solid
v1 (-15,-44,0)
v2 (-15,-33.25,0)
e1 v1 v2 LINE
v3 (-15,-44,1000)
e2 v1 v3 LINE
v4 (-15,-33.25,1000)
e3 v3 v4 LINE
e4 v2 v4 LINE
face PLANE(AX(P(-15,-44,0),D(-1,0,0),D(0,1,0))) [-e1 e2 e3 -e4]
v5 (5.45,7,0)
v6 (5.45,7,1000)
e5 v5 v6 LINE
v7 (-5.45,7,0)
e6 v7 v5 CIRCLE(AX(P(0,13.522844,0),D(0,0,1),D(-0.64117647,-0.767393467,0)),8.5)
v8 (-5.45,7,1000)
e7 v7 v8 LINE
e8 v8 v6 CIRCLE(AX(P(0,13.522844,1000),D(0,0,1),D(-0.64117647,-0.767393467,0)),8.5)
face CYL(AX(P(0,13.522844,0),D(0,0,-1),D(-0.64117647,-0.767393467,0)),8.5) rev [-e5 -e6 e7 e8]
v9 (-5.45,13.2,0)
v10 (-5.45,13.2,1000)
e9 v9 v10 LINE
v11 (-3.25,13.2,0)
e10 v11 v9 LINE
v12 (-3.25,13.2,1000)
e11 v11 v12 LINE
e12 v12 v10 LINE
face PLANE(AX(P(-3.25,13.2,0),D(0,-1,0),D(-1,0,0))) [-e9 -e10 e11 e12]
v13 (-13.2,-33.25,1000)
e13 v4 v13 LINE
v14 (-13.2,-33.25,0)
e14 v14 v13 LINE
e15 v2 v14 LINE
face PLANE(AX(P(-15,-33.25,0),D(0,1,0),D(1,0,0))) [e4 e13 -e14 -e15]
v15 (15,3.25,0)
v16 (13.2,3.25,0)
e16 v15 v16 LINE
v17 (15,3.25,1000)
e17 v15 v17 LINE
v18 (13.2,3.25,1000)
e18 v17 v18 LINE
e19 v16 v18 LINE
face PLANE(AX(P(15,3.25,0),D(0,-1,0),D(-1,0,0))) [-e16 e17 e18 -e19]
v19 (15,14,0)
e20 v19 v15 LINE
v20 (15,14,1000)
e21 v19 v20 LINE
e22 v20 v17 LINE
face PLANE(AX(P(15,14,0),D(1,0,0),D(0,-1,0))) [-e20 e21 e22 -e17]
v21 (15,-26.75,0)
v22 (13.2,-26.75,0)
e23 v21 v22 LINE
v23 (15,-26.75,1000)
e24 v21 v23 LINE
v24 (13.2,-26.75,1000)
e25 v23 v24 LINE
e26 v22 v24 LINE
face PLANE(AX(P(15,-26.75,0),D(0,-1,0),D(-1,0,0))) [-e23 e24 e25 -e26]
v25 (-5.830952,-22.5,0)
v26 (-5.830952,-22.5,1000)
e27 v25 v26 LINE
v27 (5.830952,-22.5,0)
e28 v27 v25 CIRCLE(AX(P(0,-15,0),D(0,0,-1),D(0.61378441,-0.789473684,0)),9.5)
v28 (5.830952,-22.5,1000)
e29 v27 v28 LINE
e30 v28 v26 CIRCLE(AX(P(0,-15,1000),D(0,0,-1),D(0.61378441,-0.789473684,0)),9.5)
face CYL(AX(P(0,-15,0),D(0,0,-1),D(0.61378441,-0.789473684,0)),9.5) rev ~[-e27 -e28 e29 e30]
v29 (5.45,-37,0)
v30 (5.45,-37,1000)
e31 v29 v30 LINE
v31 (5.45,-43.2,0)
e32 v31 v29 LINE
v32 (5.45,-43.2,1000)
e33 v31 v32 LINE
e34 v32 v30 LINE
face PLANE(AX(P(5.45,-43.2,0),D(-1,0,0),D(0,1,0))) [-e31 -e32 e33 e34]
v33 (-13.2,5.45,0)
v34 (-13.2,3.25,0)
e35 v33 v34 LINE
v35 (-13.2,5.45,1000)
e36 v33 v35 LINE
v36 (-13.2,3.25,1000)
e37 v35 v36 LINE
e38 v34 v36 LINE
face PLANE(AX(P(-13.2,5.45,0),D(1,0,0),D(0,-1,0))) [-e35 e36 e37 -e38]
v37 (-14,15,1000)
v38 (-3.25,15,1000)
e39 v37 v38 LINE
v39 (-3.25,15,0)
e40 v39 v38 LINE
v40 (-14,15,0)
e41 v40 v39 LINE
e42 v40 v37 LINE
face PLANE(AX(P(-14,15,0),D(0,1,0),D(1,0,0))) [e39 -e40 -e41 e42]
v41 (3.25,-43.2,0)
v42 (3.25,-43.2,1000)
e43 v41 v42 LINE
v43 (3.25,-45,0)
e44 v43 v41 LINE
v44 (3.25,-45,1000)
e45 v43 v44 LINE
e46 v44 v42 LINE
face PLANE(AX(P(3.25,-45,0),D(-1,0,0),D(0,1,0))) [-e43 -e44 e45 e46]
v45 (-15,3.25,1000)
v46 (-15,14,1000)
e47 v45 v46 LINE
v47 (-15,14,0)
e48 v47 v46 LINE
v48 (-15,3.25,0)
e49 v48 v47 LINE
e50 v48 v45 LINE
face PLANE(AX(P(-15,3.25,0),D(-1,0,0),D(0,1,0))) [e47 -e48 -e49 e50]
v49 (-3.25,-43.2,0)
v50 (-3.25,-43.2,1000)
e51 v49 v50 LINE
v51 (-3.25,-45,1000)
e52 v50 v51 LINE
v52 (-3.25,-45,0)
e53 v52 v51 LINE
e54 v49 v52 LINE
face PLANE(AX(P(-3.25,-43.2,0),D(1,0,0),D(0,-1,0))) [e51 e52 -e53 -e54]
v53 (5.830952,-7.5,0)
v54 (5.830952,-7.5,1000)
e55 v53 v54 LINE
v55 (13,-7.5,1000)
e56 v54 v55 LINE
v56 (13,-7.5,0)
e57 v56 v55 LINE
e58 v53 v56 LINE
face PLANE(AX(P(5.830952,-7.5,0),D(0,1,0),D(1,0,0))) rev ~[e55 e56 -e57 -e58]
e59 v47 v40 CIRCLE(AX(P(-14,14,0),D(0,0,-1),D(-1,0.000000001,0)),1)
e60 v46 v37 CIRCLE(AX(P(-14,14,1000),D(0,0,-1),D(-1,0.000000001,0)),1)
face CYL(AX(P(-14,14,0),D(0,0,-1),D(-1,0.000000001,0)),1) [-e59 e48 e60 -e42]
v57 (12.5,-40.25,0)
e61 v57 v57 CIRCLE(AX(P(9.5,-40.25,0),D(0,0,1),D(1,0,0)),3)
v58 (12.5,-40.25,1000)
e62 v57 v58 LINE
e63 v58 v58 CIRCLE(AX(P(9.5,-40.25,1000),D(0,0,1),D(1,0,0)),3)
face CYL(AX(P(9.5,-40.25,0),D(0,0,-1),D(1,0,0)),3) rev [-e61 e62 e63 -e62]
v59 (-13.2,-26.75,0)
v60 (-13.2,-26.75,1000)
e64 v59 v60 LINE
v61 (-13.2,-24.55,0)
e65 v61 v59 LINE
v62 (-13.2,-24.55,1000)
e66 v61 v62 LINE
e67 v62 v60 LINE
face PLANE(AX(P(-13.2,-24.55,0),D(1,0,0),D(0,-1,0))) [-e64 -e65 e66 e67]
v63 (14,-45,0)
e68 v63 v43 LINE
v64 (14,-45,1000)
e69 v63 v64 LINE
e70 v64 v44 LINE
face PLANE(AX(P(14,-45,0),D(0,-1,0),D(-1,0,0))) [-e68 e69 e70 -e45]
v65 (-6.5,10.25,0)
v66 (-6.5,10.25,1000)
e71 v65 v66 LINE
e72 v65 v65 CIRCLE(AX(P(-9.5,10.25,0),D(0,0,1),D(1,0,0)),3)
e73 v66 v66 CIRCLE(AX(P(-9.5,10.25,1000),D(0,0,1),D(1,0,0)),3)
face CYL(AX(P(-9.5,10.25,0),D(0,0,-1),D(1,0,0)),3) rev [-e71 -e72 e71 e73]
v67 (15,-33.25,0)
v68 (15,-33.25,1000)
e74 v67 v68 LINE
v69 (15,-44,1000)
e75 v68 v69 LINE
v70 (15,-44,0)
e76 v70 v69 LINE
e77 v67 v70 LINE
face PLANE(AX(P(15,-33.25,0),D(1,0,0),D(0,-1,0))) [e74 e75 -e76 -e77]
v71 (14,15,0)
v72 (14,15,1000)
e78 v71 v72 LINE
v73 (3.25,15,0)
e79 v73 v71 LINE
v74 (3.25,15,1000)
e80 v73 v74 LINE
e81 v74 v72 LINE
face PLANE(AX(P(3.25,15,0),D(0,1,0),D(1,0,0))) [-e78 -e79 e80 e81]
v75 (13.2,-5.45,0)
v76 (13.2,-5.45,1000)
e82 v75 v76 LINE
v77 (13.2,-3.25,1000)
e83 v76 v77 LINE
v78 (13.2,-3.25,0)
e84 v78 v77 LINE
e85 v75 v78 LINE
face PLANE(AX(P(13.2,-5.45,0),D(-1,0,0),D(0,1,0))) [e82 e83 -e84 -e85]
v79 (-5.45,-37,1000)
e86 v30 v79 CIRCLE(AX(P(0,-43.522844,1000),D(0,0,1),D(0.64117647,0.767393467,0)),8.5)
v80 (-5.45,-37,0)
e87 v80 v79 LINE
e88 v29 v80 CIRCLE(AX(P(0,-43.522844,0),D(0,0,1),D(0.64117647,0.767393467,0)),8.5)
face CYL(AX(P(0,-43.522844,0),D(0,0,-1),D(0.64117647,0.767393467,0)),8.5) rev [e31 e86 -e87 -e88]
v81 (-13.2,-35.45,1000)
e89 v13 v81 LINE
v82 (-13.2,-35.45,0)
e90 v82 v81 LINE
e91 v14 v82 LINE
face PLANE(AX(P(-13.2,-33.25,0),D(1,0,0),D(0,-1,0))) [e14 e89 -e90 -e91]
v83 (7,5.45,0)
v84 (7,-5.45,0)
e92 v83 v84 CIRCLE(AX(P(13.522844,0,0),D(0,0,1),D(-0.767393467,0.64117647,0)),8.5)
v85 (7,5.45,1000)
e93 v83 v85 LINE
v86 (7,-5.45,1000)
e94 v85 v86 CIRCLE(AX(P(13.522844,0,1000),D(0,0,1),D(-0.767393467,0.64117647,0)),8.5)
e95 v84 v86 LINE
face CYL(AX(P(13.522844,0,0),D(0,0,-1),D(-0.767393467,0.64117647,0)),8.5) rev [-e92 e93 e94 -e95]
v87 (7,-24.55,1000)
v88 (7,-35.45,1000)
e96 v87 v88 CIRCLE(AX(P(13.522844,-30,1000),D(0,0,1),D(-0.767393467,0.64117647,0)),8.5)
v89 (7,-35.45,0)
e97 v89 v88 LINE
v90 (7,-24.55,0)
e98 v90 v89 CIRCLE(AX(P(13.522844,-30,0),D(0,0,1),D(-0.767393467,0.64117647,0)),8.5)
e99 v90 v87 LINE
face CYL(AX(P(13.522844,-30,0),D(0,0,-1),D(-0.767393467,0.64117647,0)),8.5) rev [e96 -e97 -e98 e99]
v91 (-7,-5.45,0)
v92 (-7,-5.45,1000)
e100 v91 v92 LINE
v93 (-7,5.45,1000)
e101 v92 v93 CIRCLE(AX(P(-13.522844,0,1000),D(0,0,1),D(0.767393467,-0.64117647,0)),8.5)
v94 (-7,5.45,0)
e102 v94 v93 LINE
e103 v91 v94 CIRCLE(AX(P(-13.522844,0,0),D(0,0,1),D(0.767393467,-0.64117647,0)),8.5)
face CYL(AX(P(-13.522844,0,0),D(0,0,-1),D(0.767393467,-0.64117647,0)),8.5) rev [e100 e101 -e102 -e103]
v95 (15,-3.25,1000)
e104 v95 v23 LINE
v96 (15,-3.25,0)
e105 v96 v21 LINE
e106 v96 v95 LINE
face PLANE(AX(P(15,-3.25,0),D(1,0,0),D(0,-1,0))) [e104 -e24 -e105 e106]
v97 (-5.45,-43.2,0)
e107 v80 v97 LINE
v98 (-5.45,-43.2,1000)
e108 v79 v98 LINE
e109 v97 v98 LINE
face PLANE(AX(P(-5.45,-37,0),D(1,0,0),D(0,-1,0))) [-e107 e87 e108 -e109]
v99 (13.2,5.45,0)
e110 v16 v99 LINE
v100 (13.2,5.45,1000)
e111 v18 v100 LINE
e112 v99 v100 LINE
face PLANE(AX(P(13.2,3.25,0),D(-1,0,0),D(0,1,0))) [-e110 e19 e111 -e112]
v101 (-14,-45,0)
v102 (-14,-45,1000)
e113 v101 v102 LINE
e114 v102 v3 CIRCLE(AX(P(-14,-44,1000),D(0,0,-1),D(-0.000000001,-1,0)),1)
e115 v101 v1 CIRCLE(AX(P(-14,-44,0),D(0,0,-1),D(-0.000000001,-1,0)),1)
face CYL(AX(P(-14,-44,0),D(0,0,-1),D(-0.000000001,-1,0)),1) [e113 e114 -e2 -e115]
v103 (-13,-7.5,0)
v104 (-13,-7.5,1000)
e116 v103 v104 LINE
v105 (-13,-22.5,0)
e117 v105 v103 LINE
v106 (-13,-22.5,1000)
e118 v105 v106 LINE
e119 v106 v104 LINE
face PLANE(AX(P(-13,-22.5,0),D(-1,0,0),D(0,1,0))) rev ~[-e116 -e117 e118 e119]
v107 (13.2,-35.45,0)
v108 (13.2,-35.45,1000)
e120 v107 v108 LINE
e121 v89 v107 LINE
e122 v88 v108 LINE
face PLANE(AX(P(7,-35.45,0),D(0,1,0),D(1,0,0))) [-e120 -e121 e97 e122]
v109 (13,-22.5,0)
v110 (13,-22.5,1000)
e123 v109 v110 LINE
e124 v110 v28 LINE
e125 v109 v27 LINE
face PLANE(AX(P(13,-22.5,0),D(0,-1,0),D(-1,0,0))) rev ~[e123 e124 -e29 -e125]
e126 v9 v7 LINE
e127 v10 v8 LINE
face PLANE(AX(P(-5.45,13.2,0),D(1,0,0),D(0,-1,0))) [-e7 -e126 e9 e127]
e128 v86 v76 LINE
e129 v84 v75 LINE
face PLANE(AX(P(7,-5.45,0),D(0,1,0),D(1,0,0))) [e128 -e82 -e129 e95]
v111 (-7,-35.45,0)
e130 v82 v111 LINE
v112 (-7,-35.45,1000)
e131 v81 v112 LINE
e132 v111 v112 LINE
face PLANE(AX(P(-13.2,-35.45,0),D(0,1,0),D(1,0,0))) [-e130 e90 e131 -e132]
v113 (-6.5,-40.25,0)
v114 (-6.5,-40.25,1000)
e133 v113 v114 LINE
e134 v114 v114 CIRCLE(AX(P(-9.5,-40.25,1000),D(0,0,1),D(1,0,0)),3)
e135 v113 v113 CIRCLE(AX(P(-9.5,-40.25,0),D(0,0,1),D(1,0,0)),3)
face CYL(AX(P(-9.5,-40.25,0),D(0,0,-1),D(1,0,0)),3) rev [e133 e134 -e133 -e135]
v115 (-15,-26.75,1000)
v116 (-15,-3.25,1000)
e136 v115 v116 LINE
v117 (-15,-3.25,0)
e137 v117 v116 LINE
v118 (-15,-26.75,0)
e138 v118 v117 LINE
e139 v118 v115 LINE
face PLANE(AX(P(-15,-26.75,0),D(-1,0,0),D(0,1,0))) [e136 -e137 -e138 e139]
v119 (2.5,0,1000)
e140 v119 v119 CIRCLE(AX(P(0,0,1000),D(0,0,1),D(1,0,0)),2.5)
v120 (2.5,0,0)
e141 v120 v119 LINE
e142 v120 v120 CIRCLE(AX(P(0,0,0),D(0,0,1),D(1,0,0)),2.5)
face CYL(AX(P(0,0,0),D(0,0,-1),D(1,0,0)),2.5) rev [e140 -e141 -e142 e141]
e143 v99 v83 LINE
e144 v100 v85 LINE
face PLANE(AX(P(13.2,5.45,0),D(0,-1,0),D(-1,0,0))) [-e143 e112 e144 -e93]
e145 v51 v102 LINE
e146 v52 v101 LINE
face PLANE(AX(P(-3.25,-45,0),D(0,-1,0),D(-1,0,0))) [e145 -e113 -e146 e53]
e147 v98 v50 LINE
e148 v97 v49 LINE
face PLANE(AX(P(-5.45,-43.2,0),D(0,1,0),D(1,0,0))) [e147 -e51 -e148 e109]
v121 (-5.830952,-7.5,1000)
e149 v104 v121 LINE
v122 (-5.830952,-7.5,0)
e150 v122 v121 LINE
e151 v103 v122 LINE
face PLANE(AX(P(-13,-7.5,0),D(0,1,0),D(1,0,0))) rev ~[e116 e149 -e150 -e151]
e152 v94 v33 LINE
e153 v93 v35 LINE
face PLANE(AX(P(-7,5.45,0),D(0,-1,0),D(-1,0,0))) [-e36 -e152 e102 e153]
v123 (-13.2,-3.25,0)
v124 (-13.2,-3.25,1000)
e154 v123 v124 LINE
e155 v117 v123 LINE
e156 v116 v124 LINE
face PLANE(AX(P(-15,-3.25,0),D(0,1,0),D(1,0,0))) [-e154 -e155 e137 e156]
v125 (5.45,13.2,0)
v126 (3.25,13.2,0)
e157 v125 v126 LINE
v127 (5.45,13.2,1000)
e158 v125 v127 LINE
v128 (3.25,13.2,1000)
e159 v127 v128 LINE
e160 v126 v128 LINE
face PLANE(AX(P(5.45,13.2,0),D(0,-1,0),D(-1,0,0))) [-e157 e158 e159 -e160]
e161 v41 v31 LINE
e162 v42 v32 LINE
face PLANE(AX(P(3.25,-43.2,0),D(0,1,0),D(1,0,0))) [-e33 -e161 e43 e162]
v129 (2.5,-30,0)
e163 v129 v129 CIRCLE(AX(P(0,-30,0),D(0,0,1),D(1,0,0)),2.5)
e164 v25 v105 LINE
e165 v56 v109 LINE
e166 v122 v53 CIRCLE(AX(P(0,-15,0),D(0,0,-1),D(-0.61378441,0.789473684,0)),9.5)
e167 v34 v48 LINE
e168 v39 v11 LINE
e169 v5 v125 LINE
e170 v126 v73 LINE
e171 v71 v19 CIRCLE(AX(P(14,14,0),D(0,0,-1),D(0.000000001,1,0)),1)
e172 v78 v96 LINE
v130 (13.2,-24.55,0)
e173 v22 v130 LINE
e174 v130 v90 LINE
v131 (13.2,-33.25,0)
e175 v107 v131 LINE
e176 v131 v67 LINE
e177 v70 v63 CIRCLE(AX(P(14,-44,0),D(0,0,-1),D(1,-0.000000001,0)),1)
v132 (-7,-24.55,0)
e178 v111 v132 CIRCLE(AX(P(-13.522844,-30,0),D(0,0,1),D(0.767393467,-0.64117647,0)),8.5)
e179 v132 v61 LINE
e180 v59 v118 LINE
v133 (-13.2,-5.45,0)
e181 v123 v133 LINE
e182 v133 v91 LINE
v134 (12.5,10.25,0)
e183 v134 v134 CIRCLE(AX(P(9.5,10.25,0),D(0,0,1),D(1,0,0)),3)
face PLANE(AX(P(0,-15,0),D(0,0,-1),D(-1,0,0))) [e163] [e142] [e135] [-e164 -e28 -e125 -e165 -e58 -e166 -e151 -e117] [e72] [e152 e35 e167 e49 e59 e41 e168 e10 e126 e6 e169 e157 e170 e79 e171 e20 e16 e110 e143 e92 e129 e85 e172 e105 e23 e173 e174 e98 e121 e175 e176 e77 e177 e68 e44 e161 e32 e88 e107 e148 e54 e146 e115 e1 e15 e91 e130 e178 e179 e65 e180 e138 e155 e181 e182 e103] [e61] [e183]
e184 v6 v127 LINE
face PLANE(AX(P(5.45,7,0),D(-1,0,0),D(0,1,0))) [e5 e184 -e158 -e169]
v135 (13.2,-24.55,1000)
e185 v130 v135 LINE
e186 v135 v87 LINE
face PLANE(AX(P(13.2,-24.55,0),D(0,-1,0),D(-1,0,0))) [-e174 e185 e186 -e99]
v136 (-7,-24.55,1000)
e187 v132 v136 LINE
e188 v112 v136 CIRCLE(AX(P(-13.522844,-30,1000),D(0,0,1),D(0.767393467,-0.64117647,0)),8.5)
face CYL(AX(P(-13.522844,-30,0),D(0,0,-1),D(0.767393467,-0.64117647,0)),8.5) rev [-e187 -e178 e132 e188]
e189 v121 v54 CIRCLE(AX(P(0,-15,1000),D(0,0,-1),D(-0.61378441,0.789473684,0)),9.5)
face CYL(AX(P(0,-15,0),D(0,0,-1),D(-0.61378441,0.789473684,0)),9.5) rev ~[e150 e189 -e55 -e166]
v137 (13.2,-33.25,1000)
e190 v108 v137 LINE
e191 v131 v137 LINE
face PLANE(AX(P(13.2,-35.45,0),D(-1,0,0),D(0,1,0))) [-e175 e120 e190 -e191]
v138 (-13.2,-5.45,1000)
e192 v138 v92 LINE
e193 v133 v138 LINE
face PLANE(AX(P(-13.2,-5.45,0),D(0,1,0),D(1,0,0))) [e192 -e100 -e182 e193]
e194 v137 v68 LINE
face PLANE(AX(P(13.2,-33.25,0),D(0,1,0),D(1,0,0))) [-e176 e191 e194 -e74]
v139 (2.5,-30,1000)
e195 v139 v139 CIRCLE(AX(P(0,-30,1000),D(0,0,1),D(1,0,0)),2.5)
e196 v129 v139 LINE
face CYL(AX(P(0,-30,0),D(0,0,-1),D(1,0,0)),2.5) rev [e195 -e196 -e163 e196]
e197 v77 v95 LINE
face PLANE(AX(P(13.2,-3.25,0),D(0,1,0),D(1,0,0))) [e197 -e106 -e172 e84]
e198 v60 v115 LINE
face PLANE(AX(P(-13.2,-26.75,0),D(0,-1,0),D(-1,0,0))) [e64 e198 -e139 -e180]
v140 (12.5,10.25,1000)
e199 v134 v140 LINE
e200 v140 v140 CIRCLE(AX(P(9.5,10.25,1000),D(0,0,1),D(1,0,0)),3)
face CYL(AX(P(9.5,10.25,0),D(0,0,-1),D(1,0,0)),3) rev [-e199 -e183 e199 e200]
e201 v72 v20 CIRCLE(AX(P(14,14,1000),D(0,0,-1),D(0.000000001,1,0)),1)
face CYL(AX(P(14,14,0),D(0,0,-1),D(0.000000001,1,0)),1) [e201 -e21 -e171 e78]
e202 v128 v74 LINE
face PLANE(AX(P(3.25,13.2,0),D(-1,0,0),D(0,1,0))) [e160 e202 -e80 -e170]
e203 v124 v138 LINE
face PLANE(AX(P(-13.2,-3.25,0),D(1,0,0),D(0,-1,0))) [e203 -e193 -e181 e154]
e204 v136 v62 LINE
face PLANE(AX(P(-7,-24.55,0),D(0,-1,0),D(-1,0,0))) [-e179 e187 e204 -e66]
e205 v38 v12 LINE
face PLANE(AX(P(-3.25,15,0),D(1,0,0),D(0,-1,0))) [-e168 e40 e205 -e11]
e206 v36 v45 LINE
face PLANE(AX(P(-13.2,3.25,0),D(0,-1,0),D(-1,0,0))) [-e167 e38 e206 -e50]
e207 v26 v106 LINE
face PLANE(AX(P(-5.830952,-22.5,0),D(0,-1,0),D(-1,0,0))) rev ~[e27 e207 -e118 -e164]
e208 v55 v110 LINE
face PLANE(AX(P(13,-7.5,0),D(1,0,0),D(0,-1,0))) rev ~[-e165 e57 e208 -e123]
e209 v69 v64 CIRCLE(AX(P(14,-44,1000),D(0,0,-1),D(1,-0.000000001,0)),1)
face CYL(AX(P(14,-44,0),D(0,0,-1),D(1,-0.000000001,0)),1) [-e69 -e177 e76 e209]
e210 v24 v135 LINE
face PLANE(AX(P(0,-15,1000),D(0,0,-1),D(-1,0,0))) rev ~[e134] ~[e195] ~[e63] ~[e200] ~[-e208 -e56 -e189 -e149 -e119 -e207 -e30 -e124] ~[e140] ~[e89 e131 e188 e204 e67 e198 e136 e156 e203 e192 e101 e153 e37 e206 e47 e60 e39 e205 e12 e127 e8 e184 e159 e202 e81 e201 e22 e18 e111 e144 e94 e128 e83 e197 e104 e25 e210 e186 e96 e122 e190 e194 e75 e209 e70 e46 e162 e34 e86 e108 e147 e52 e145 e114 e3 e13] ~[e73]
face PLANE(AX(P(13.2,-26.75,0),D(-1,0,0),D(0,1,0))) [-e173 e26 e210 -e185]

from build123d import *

# Parameters (mm, degrees)
SKETCH_1_R      = 2.5
SKETCH_1_R_2    = 3
EXTRUDE_1_DEPTH = 1000


with BuildPart() as part:
    # Эскиз1 → Бобышка-Вытянуть1 (new body)
    with BuildSketch(Plane.XY):
        with BuildLine():
            Line((-15, 5.45), (-15, 14))
            ThreePointArc((-15, 14), (-14.707106781, 14.707106781), (-14, 15))
            Line((-14, 15), (-5.45, 15))
            Line((-5.45, 15), (-3.25, 15))
            Line((-3.25, 15), (-3.25, 13.2))
            Line((-3.25, 13.2), (-5.45, 13.2))
            Line((-5.45, 13.2), (-5.45, 7))
            ThreePointArc((-5.45, 7), (0, 5.022844472), (5.45, 7))
            Line((5.45, 7), (5.45, 13.2))
            Line((5.45, 13.2), (3.25, 13.2))
            Line((3.25, 13.2), (3.25, 15))
            Line((3.25, 15), (5.45, 15))
            Line((5.45, 15), (14, 15))
            ThreePointArc((14, 15), (14.707106781, 14.707106781), (15, 14))
            Line((15, 14), (15, 5.45))
            Line((15, 5.45), (15, 3.25))
            Line((15, 3.25), (13.2, 3.25))
            Line((13.2, 3.25), (13.2, 5.45))
            Line((13.2, 5.45), (7, 5.45))
            ThreePointArc((7, 5.45), (5.022844472, 0), (7, -5.45))
            Line((7, -5.45), (13.2, -5.45))
            Line((13.2, -5.45), (13.2, -3.25))
            Line((13.2, -3.25), (15, -3.25))
            Line((15, -3.25), (15, -5.45))
            Line((15, -5.45), (15, -24.55))
            Line((15, -24.55), (15, -26.75))
            Line((15, -26.75), (13.2, -26.75))
            Line((13.2, -26.75), (13.2, -24.55))
            Line((13.2, -24.55), (7, -24.55))
            ThreePointArc((7, -24.55), (5.022844472, -30), (7, -35.45))
            Line((7, -35.45), (13.2, -35.45))
            Line((13.2, -35.45), (13.2, -33.25))
            Line((13.2, -33.25), (15, -33.25))
            Line((15, -33.25), (15, -35.45))
            Line((15, -35.45), (15, -44))
            ThreePointArc((15, -44), (14.707106781, -44.707106781), (14, -45))
            Line((14, -45), (5.45, -45))
            Line((5.45, -45), (3.25, -45))
            Line((3.25, -45), (3.25, -43.2))
            Line((3.25, -43.2), (5.45, -43.2))
            Line((5.45, -43.2), (5.45, -37))
            ThreePointArc((5.45, -37), (0, -35.022844472), (-5.45, -37))
            Line((-5.45, -37), (-5.45, -43.2))
            Line((-5.45, -43.2), (-3.25, -43.2))
            Line((-3.25, -43.2), (-3.25, -45))
            Line((-3.25, -45), (-5.45, -45))
            Line((-5.45, -45), (-14, -45))
            ThreePointArc((-14, -45), (-14.707106781, -44.707106781), (-15, -44))
            Line((-15, -44), (-15, -35.45))
            Line((-15, -35.45), (-15, -33.25))
            Line((-15, -33.25), (-13.2, -33.25))
            Line((-13.2, -33.25), (-13.2, -35.45))
            Line((-13.2, -35.45), (-7, -35.45))
            ThreePointArc((-7, -35.45), (-5.022844472, -30), (-7, -24.55))
            Line((-7, -24.55), (-13.2, -24.55))
            Line((-13.2, -24.55), (-13.2, -26.75))
            Line((-13.2, -26.75), (-15, -26.75))
            Line((-15, -26.75), (-15, -24.55))
            Line((-15, -24.55), (-15, -5.45))
            Line((-15, -5.45), (-15, -3.25))
            Line((-15, -3.25), (-13.2, -3.25))
            Line((-13.2, -3.25), (-13.2, -5.45))
            Line((-13.2, -5.45), (-7, -5.45))
            ThreePointArc((-7, -5.45), (-5.022844472, 0), (-7, 5.45))
            Line((-7, 5.45), (-13.2, 5.45))
            Line((-13.2, 5.45), (-13.2, 3.25))
            Line((-13.2, 3.25), (-15, 3.25))
            Line((-15, 3.25), (-15, 5.45))
        make_face()
        Circle(SKETCH_1_R, mode=Mode.SUBTRACT)
        with Locations((0, -30)):
            Circle(SKETCH_1_R, mode=Mode.SUBTRACT)
        with Locations((-9.5, 10.25)):
            Circle(SKETCH_1_R_2, mode=Mode.SUBTRACT)
        with Locations((9.5, 10.25)):
            Circle(SKETCH_1_R_2, mode=Mode.SUBTRACT)
        with Locations((-9.5, -40.25)):
            Circle(SKETCH_1_R_2, mode=Mode.SUBTRACT)
        with Locations((9.5, -40.25)):
            Circle(SKETCH_1_R_2, mode=Mode.SUBTRACT)
        with BuildLine():
            Line((-13, -22.5), (-13, -7.5))
            Line((-13, -7.5), (-5.830951895, -7.5))
            ThreePointArc((-5.830951895, -7.5), (0, -5.5), (5.830951895, -7.5))
            Line((5.830951895, -7.5), (13, -7.5))
            Line((13, -7.5), (13, -22.5))
            Line((13, -22.5), (5.830951895, -22.5))
            ThreePointArc((5.830951895, -22.5), (0, -24.5), (-5.830951895, -22.5))
            Line((-5.830951895, -22.5), (-13, -22.5))
        make_face(mode=Mode.SUBTRACT)
    extrude(amount=EXTRUDE_1_DEPTH)


solid = part.part
